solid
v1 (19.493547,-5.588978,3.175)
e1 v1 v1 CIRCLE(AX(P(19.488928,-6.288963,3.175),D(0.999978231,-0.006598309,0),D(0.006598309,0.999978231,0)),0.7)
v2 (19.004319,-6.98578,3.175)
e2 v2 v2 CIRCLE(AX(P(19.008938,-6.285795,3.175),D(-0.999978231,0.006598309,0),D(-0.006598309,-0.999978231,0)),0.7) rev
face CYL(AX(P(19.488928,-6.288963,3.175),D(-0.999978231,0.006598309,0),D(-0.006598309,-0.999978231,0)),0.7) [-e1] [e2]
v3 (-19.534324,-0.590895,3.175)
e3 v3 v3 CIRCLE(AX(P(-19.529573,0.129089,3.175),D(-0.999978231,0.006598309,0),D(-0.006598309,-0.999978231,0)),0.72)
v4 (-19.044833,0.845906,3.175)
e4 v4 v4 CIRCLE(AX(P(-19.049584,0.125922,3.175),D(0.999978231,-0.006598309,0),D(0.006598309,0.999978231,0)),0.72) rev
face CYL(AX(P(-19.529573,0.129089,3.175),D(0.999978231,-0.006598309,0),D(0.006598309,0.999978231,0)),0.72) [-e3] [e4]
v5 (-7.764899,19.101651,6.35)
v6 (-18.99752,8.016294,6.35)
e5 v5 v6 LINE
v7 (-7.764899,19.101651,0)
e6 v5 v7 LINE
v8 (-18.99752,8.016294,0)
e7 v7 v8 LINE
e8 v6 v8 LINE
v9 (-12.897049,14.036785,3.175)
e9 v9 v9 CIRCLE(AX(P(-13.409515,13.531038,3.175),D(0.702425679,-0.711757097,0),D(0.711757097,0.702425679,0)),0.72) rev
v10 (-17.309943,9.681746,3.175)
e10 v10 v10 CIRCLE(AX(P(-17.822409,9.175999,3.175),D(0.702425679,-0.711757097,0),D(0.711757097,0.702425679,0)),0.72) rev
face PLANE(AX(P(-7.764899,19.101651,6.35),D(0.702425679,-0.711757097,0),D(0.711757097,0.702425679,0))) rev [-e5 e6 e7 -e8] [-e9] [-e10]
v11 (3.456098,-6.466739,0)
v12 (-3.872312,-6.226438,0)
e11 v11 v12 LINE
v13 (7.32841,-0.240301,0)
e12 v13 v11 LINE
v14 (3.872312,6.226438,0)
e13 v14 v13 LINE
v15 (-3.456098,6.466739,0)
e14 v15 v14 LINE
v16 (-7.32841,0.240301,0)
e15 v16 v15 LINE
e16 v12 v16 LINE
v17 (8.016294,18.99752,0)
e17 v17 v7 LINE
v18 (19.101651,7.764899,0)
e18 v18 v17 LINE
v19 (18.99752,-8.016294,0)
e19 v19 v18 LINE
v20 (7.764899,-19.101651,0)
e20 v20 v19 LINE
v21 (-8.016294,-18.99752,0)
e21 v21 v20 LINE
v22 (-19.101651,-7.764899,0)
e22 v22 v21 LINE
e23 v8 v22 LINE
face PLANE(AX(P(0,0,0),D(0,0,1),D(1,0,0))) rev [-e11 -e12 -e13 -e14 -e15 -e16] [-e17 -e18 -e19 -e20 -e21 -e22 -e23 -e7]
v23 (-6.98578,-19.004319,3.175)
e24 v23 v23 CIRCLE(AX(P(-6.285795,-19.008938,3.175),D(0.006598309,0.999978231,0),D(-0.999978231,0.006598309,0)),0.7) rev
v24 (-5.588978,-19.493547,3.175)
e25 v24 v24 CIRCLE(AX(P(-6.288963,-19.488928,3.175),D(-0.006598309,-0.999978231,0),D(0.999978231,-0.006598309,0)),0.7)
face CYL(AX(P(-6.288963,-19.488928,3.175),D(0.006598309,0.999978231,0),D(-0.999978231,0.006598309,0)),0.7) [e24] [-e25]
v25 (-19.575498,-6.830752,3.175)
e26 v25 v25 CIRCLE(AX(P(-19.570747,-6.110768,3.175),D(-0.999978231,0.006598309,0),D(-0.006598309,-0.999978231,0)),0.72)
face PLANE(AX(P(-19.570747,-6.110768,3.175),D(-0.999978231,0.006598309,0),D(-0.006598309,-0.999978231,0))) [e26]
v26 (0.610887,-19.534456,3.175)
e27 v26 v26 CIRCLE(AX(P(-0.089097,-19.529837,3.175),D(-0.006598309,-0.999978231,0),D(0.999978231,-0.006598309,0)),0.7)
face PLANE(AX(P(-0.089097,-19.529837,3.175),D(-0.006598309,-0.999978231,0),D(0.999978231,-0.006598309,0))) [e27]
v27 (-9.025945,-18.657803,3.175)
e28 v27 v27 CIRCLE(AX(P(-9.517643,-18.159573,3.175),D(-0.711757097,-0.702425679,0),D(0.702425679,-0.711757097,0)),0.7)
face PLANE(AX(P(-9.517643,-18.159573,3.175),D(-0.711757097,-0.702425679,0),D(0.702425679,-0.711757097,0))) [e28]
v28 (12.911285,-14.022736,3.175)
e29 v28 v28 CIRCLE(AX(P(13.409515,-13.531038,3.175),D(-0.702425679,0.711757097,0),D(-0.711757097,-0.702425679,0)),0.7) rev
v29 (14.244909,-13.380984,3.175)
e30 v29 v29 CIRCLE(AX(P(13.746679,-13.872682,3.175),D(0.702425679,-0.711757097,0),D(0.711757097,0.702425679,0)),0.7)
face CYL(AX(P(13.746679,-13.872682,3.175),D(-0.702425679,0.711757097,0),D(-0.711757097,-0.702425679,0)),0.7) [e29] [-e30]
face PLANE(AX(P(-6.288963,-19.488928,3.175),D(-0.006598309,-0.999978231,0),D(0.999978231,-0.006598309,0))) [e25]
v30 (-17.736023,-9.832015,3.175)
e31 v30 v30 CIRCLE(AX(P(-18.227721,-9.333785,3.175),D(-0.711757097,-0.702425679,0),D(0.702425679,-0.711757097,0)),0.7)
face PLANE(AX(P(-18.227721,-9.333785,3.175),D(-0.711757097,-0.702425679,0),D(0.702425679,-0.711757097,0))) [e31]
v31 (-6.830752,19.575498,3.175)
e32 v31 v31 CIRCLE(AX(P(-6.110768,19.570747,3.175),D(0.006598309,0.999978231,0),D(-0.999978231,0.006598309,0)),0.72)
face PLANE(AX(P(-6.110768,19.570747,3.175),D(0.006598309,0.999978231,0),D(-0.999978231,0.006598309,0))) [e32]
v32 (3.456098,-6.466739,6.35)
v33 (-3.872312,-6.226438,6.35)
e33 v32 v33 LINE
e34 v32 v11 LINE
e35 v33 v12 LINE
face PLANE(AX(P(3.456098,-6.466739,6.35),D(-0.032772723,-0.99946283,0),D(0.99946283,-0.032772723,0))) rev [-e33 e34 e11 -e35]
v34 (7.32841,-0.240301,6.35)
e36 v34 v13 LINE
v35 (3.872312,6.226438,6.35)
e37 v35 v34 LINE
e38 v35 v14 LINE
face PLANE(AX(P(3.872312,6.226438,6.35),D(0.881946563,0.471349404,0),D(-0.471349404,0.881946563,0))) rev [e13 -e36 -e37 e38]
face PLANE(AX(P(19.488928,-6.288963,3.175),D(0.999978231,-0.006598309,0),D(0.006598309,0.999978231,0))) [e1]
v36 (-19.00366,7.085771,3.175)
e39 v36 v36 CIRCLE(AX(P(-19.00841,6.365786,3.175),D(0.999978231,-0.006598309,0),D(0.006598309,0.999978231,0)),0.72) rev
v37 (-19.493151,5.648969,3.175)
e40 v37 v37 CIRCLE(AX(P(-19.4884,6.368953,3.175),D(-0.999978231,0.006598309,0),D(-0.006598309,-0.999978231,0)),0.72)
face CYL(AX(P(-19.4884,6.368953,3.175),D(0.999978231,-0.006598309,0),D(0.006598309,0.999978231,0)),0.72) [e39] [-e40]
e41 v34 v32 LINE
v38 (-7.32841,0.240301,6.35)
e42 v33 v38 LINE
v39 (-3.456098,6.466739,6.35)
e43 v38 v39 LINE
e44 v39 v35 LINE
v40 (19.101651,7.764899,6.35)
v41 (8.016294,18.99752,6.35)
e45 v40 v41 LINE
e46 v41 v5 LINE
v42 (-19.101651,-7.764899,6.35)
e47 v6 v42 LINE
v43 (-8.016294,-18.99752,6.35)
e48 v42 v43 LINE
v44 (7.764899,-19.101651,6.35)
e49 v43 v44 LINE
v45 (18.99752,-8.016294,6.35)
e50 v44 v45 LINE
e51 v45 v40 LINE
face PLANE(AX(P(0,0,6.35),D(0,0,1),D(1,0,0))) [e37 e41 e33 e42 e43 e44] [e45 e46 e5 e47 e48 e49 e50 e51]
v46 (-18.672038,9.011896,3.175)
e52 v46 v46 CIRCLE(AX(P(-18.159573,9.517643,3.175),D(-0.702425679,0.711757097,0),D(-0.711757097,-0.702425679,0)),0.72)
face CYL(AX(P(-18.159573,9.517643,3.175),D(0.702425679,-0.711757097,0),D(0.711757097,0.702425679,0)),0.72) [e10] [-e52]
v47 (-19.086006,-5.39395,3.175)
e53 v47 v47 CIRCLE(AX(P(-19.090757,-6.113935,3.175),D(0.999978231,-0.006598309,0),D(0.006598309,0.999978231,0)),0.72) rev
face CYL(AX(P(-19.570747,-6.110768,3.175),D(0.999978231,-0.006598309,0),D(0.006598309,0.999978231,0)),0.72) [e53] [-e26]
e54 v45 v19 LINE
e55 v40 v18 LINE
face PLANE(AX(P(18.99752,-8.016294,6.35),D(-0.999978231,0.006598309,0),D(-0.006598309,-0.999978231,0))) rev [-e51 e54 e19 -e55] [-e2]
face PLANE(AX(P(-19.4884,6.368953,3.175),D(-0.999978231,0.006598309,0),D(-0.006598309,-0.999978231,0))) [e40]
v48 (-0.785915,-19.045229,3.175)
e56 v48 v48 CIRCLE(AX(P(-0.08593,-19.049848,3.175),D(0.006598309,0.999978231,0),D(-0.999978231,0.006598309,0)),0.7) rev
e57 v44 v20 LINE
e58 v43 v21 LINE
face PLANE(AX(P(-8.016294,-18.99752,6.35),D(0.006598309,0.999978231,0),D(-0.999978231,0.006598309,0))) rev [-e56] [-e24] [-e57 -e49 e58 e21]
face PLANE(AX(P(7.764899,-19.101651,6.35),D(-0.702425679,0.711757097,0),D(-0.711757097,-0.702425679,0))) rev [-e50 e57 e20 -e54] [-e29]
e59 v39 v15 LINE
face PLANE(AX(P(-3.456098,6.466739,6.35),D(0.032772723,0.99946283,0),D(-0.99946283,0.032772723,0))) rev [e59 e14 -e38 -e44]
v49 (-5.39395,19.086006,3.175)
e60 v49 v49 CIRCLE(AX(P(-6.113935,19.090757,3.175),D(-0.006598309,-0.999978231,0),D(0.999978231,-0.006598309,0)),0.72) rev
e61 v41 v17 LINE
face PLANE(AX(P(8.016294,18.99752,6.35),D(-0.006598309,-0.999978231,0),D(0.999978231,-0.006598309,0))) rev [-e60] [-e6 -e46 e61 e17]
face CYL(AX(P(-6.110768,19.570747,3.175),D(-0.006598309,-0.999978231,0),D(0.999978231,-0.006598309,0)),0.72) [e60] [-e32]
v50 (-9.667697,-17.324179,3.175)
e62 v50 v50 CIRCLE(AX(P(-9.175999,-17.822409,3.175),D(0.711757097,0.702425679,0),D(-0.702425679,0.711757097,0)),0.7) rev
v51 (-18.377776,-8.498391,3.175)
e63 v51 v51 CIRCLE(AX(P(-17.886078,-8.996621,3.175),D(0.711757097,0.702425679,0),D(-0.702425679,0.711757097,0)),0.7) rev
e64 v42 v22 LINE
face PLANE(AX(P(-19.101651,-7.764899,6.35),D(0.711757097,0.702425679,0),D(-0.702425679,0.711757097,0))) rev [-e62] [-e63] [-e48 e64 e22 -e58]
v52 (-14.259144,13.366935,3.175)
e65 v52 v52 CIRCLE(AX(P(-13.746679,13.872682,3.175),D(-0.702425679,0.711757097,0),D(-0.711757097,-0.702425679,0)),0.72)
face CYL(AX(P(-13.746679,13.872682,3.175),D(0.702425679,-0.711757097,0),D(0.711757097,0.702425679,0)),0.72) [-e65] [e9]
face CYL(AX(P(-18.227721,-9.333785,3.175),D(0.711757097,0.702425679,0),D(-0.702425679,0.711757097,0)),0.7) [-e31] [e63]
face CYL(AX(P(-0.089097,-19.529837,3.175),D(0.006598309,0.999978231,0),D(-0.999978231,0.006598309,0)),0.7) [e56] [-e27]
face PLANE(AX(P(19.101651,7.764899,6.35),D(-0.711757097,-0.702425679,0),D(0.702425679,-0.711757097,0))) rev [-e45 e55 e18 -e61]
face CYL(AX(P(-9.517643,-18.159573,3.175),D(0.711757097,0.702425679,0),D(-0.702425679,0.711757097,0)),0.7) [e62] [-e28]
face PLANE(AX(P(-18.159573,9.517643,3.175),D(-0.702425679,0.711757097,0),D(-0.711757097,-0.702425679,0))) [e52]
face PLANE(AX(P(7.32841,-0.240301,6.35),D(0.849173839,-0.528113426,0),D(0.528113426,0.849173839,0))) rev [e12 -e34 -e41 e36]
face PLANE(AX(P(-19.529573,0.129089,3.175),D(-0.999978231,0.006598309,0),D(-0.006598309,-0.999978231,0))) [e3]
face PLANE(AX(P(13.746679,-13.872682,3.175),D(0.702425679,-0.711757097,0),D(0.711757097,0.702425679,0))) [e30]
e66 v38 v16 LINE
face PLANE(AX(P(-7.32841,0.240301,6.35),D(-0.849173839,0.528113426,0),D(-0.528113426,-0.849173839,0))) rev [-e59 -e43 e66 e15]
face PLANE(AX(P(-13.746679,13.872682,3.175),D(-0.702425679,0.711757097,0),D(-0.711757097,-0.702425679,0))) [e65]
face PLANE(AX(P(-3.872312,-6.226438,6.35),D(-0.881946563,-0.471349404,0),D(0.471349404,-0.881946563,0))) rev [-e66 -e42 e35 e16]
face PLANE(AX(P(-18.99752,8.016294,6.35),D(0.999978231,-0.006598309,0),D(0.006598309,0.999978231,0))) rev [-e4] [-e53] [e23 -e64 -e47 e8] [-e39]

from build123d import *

# Parameters (mm, degrees)
BOSS_EXTRUDE1_DEPTH = 6.35
SKETCH2_R           = 0.72
BOSS_EXTRUDE2_DEPTH = 0.48
SKETCH3_R           = 0.72
BOSS_EXTRUDE3_DEPTH = 0.48
SKETCH4_R           = 0.72
BOSS_EXTRUDE4_DEPTH = 0.48
SKETCH5_R           = 0.7
BOSS_EXTRUDE5_DEPTH = 0.48
SKETCH6_R           = 0.7
BOSS_EXTRUDE6_DEPTH = 0.48
SKETCH7_R           = 0.7
BOSS_EXTRUDE7_DEPTH = 0.48
SKETCH8_R           = 0.7
BOSS_EXTRUDE8_DEPTH = 0.48
CUT_EXTRUDE1_DEPTH  = 7.35


with BuildPart() as part:
    # Sketch1 → Boss-Extrude1 (new body)
    with BuildSketch(Plane.XY):
        Polygon((-7.764898793, 19.101651031), (-18.997519567, 8.016294384), (-19.101651031, -7.764898793), (-8.016294384, -18.997519567), (7.764898793, -19.101651031), (18.997519567, -8.016294384), (19.101651031, 7.764898793), (8.016294384, 18.997519567), align=None)
    extrude(amount=BOSS_EXTRUDE1_DEPTH)

    # Sketch2 → Boss-Extrude2 (add)
    with BuildSketch(Plane(origin=(0.125697795, 19.049585299, 0), x_dir=(0.999978231, -0.006598309, 0), z_dir=(0.006598309, 0.999978231, 0))):
        with Locations((-6.239768363, -3.175)):
            Circle(SKETCH2_R)
    extrude(amount=BOSS_EXTRUDE2_DEPTH)

    # Sketch3 → Boss-Extrude3 (add)
    with BuildSketch(Plane(origin=(-13.38120918, 13.558972707, 0), x_dir=(0.711757097, 0.702425679, 0), z_dir=(-0.702425679, 0.711757097, 0))):
        with Locations((-6.239768363, -3.175)):
            Circle(SKETCH3_R)
        with Locations((-0.039768363, -3.175)):
            Circle(SKETCH3_R)
    extrude(amount=BOSS_EXTRUDE3_DEPTH)

    # Sketch4 → Boss-Extrude4 (add)
    with BuildSketch(Plane(origin=(-19.049585299, 0.125697795, 0), x_dir=(0, 0, 1), z_dir=(-0.999978231, 0.006598309, 0))):
        with Locations((3.175, -6.239768363)):
            Circle(SKETCH4_R)
        with Locations((3.175, 0.000224237)):
            Circle(SKETCH4_R)
        with Locations((3.175, 6.240224237)):
            Circle(SKETCH4_R)
    extrude(amount=BOSS_EXTRUDE4_DEPTH)

    # Sketch5 → Boss-Extrude5 (add)
    with BuildSketch(Plane(origin=(-13.558972707, -13.38120918, 0), x_dir=(0, 0, 1), z_dir=(-0.711757097, -0.702425679, 0))):
        with Locations((3.175, -6.239768363)):
            Circle(SKETCH5_R)
        with Locations((3.175, 6.160231637)):
            Circle(SKETCH5_R)
    extrude(amount=BOSS_EXTRUDE5_DEPTH)

    # Sketch6 → Boss-Extrude6 (add)
    with BuildSketch(Plane(origin=(-0.125697795, -19.049585299, 0), x_dir=(-0.999978231, 0.006598309, 0), z_dir=(-0.006598309, -0.999978231, 0))):
        with Locations((-0.039768363, -3.175)):
            Circle(SKETCH6_R)
        with Locations((6.160231637, -3.175)):
            Circle(SKETCH6_R)
    extrude(amount=BOSS_EXTRUDE6_DEPTH)

    # Sketch7 → Boss-Extrude7 (add)
    with BuildSketch(Plane(origin=(13.38120918, -13.558972707, 0), x_dir=(-0.711757097, -0.702425679, 0), z_dir=(0.702425679, -0.711757097, 0))):
        with Locations((-0.039768363, -3.175)):
            Circle(SKETCH7_R)
    extrude(amount=BOSS_EXTRUDE7_DEPTH)

    # Sketch8 → Boss-Extrude8 (add)
    with BuildSketch(Plane(origin=(19.049585299, -0.125697795, 0), x_dir=(0, 0, -1), z_dir=(0.999978231, -0.006598309, 0))):
        with Locations((-3.175, -6.160231637)):
            Circle(SKETCH8_R)
    extrude(amount=BOSS_EXTRUDE8_DEPTH)

    # Sketch9 → Cut-Extrude1 (cut, through all)
    with BuildSketch(Plane(origin=(0, 0, 0), x_dir=(-1, 0, 0), z_dir=(0, 0, -1))):
        Polygon((-3.872311644, 6.226438458), (-7.328409701, -0.240301026), (-3.456098057, -6.466739484), (3.872311644, -6.226438458), (7.328409701, 0.240301026), (3.456098057, 6.466739484), align=None)
    extrude(amount=-CUT_EXTRUDE1_DEPTH, mode=Mode.SUBTRACT)


solid = part.part
